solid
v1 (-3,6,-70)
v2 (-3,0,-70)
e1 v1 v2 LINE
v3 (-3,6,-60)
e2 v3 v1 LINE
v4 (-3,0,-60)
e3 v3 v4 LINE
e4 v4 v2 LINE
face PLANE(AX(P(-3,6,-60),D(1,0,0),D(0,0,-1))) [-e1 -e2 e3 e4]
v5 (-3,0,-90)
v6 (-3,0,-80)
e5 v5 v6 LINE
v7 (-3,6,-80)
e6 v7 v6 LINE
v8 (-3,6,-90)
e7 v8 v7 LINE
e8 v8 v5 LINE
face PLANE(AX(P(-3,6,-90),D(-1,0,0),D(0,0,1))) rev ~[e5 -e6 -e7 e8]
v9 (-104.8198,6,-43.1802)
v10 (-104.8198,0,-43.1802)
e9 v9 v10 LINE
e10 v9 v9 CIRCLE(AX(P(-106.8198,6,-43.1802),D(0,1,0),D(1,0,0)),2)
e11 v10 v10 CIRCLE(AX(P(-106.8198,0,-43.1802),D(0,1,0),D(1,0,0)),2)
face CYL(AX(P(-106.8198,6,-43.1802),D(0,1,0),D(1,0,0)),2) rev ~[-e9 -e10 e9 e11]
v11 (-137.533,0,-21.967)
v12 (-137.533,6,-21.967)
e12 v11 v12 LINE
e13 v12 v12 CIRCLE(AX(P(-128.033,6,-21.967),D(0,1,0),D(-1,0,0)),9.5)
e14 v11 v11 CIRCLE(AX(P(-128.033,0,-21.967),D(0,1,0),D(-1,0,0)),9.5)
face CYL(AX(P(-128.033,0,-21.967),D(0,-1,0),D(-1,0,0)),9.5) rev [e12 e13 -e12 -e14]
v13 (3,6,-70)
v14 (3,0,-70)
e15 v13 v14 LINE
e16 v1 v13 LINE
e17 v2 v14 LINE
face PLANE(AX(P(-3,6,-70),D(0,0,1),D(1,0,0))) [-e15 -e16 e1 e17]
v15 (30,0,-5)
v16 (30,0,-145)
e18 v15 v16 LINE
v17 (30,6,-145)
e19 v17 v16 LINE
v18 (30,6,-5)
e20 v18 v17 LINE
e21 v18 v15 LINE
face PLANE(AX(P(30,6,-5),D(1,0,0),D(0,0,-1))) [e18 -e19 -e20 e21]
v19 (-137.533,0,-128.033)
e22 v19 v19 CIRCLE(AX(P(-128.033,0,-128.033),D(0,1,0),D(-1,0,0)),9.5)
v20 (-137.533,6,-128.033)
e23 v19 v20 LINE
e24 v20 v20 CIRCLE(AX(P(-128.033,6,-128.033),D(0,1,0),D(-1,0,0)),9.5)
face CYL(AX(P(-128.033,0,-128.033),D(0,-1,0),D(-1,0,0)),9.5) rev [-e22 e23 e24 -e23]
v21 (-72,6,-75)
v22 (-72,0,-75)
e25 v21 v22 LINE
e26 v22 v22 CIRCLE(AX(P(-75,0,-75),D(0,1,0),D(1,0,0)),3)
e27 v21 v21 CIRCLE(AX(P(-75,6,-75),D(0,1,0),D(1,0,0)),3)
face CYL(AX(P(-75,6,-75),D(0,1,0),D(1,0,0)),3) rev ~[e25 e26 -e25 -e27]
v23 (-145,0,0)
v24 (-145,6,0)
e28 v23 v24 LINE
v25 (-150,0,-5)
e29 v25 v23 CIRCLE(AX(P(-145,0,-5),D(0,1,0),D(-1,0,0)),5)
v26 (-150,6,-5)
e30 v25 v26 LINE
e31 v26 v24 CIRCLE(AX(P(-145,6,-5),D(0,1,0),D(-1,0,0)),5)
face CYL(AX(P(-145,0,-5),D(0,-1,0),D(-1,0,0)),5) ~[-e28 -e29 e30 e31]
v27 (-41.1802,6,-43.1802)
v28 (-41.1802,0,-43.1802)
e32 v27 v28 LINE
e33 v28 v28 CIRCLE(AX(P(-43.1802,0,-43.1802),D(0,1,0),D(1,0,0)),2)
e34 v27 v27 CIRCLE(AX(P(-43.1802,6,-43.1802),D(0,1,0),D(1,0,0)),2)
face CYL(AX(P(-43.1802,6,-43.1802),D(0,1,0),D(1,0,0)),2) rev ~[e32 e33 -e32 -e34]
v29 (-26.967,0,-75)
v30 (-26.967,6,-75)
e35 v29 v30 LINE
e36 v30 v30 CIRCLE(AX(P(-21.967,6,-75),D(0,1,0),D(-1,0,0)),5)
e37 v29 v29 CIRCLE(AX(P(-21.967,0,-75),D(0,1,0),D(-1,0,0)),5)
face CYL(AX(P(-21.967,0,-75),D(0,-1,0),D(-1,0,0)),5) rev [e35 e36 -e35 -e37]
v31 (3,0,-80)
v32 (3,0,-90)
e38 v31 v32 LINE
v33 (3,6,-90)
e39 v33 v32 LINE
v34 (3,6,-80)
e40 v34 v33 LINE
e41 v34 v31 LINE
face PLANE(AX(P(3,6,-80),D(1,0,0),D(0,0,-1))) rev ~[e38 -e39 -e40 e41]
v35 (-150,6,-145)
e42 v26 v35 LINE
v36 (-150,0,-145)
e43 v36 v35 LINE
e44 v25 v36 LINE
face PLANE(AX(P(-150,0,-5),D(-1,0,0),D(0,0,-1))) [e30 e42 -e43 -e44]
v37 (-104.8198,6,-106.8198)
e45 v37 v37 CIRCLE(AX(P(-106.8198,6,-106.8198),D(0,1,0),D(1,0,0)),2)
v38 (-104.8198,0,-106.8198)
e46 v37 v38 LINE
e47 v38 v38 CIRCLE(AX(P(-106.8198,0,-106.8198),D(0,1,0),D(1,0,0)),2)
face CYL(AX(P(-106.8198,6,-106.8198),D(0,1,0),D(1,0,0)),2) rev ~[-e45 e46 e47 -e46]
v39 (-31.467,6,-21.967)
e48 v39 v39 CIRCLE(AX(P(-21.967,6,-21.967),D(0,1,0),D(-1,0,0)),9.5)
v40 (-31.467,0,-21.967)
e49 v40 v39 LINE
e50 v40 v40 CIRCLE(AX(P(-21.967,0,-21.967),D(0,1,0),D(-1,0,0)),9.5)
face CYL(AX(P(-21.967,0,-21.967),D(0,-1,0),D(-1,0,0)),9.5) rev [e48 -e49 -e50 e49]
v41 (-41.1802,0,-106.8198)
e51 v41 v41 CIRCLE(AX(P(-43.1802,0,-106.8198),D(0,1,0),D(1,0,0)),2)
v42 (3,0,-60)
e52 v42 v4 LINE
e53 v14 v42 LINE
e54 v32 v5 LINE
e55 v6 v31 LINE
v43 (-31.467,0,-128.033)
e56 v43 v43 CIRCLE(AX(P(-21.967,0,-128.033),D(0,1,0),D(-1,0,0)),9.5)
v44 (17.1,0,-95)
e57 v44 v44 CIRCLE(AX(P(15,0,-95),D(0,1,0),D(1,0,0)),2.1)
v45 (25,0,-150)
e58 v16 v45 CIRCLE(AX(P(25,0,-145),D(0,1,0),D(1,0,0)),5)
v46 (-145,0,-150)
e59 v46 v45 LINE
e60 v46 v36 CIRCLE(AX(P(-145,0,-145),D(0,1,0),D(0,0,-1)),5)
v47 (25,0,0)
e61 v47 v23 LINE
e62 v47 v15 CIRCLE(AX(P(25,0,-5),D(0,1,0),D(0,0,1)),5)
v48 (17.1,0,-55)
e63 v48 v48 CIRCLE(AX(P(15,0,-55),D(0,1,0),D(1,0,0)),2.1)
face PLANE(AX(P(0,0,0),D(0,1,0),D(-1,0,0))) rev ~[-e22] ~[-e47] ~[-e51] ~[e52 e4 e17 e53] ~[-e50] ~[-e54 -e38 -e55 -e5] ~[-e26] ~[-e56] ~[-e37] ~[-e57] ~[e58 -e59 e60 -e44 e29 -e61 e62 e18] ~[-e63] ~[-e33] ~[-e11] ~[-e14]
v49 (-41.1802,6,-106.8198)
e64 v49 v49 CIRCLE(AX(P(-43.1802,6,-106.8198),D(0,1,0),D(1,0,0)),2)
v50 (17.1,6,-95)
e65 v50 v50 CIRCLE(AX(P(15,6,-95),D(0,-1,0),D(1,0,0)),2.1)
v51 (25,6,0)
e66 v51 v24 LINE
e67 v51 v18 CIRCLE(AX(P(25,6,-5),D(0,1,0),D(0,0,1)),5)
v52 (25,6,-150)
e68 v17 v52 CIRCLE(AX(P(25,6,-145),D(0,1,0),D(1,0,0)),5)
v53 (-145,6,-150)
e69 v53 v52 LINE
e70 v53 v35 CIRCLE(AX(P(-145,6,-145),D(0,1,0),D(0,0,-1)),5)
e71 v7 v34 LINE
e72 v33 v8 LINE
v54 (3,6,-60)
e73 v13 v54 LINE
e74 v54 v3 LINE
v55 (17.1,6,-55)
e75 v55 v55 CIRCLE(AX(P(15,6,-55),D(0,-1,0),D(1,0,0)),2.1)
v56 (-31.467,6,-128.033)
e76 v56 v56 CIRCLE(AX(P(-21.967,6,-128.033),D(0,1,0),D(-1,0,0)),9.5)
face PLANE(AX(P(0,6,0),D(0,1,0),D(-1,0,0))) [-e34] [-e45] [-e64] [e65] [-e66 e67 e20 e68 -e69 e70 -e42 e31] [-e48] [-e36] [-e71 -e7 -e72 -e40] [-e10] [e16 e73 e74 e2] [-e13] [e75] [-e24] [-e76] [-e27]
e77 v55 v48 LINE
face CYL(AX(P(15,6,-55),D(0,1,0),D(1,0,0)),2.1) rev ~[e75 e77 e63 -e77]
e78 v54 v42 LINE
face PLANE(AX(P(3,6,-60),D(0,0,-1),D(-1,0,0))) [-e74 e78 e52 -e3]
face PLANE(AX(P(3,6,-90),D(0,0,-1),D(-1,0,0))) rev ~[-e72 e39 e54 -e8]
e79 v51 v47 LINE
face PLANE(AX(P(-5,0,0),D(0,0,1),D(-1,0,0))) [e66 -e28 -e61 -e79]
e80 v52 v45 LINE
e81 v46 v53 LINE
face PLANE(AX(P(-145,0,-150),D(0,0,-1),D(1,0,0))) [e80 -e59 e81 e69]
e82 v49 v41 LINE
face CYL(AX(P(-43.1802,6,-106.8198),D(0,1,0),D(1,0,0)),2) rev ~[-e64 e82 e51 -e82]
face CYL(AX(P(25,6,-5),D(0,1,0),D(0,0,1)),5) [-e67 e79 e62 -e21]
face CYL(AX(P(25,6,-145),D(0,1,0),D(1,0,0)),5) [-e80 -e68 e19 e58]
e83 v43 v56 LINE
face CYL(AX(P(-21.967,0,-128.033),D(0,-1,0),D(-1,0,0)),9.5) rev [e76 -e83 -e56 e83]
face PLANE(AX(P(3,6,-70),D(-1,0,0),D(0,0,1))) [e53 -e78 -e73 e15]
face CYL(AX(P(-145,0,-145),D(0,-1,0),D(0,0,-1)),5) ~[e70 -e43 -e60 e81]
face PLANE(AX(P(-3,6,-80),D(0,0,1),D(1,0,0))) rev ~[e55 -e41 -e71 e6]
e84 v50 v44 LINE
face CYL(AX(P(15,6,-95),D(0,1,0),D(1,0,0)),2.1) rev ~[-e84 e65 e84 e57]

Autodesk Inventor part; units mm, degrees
ref_plane "YZ Plane" through (0, 0, 0) normal (1, 0, 0) x (0, 1, 0)
ref_plane "XZ Plane" through (0, 0, 0) normal (0, 1, 0) x (-1, 0, 0)
ref_plane "XY Plane" through (0, 0, 0) normal (0, 0, 1) x (1, 0, 0)
sketch "Sketch1" plane through (0, 0, 0) normal (0, 1, 0) x (-1, 0, 0)
  line L0 (5, 0) -> (145, 0)
  line L1 (150, -5) -> (150, -145)
  line L2 (145, -150) -> (5, -150)
  line L3 (0, -145) -> (0, -5)
  arc A0 (150, -5) -> (145, 0) centre (145, -5) ccw
  arc A1 (150, -5) -> (145, 0) centre (145, -5) ccw
  arc A2 (145, -150) -> (150, -145) centre (145, -145) ccw
  arc A3 (5, 0) -> (0, -5) centre (5, -5) ccw
  arc A4 (0, -145) -> (5, -150) centre (5, -145) ccw
  circle A5 centre (128.033, -21.967) radius 9.5
  circle A6 centre (128.033, -128.033) radius 9.5
  circle A7 centre (21.967, -128.033) radius 9.5
  circle A8 centre (21.967, -21.967) radius 9.5
  circle A9 centre (21.967, -75) radius 5
  point P0 (150, -150)
  point P1 (150, 0)
  point P2 (0, -150)
  dimension "d12" = 150
  dimension "d13" = 150
  dimension "d22" = 5
  dimension "d23" = 5
  dimension "d28" = 19
  dimension "d29" = 19
  dimension "d30" = 19
  dimension "d31" = 19
  dimension "d32" = 10
extrude "Extrusion1" add sketch "Sketch1" along normal blind 6
sketch "Sketch2" plane through (0, 6, 0) normal (0, 1, 0) x (1, 0, 0)
  circle A0 centre (-128.033, 21.967) radius 9.5 projected
  circle A1 centre (-21.967, 128.033) radius 9.5 projected
  circle A2 centre (-128.033, 128.033) radius 9.5 projected
  circle A3 centre (-75, 75) radius 3
  circle A4 centre (-21.967, 21.967) radius 9.5 projected
  circle A5 centre (-106.8198, 43.1802) radius 2
  circle A6 centre (-43.1802, 43.1802) radius 2
  circle A7 centre (-43.1802, 106.8198) radius 2
  circle A8 centre (-106.8198, 106.8198) radius 2
  point P0 (0, 0)
  dimension "d35" = 6
  dimension "d40" = 4
  dimension "d41" = 4
  dimension "d42" = 4
  dimension "d43" = 4
  dimension "d47" = 30
extrude "Extrusion2" cut sketch "Sketch2" against normal blind 6 contours A3 | A5 | A6 | A7 | A8
sketch "Sketch3" plane through (0, 6, 0) normal (0, 1, 0) x (1, 0, 0)
  arc A0 (-5, 0) -> (0, 5) centre (-5, 5) ccw projected
  line L0 (-5, 0) -> (25, 0)
  line L1 (30, 5) -> (30, 145)
  line L2 (25, 150) -> (-5, 150)
  line L3 (-5, 150) -> (-5, 0)
  arc A1 (25, 0) -> (30, 5) centre (25, 5) ccw
  arc A2 (30, 145) -> (25, 150) centre (25, 145) ccw
  point P0 (0, 0)
  point P1 (30, 150)
  point P2 (30, 0)
  dimension "d48" = 35
  dimension "d49" = 150
  dimension "d50" = 5
extrude "Extrusion3" add sketch "Sketch3" against normal blind 6
sketch "Sketch4" plane through (0, 6, 0) normal (0, 1, 0) x (1, 0, 0)
  line L0 (30, 5) -> (30, 145) projected
  circle A0 centre (15, 55) radius 2.1
  circle A1 centre (15, 95) radius 2.1
  line L1 (-3, 80) -> (3, 80)
  line L2 (3, 80) -> (3, 90)
  line L3 (3, 90) -> (-3, 90)
  line L4 (-3, 90) -> (-3, 80)
  line L5 (-3, 70) -> (3, 70)
  line L6 (3, 70) -> (3, 60)
  line L7 (3, 60) -> (-3, 60)
  line L8 (-3, 60) -> (-3, 70)
  line L9 (15, 75) -> (15, 55)
  line L10 (15, 75) -> (15, 95)
  point P0 (0, 0)
  dimension "d55" = 4.2
  dimension "d56" = 4.2
  dimension "d58" = 10
  dimension "d60" = 6
  dimension "d61" = 10
  dimension "d62" = 6
  dimension "d63" = 10
  dimension "d67" = 20
  dimension "d68" = 20
extrude "Extrusion4" cut sketch "Sketch4" against normal blind 6
properties part number "E_base1"
